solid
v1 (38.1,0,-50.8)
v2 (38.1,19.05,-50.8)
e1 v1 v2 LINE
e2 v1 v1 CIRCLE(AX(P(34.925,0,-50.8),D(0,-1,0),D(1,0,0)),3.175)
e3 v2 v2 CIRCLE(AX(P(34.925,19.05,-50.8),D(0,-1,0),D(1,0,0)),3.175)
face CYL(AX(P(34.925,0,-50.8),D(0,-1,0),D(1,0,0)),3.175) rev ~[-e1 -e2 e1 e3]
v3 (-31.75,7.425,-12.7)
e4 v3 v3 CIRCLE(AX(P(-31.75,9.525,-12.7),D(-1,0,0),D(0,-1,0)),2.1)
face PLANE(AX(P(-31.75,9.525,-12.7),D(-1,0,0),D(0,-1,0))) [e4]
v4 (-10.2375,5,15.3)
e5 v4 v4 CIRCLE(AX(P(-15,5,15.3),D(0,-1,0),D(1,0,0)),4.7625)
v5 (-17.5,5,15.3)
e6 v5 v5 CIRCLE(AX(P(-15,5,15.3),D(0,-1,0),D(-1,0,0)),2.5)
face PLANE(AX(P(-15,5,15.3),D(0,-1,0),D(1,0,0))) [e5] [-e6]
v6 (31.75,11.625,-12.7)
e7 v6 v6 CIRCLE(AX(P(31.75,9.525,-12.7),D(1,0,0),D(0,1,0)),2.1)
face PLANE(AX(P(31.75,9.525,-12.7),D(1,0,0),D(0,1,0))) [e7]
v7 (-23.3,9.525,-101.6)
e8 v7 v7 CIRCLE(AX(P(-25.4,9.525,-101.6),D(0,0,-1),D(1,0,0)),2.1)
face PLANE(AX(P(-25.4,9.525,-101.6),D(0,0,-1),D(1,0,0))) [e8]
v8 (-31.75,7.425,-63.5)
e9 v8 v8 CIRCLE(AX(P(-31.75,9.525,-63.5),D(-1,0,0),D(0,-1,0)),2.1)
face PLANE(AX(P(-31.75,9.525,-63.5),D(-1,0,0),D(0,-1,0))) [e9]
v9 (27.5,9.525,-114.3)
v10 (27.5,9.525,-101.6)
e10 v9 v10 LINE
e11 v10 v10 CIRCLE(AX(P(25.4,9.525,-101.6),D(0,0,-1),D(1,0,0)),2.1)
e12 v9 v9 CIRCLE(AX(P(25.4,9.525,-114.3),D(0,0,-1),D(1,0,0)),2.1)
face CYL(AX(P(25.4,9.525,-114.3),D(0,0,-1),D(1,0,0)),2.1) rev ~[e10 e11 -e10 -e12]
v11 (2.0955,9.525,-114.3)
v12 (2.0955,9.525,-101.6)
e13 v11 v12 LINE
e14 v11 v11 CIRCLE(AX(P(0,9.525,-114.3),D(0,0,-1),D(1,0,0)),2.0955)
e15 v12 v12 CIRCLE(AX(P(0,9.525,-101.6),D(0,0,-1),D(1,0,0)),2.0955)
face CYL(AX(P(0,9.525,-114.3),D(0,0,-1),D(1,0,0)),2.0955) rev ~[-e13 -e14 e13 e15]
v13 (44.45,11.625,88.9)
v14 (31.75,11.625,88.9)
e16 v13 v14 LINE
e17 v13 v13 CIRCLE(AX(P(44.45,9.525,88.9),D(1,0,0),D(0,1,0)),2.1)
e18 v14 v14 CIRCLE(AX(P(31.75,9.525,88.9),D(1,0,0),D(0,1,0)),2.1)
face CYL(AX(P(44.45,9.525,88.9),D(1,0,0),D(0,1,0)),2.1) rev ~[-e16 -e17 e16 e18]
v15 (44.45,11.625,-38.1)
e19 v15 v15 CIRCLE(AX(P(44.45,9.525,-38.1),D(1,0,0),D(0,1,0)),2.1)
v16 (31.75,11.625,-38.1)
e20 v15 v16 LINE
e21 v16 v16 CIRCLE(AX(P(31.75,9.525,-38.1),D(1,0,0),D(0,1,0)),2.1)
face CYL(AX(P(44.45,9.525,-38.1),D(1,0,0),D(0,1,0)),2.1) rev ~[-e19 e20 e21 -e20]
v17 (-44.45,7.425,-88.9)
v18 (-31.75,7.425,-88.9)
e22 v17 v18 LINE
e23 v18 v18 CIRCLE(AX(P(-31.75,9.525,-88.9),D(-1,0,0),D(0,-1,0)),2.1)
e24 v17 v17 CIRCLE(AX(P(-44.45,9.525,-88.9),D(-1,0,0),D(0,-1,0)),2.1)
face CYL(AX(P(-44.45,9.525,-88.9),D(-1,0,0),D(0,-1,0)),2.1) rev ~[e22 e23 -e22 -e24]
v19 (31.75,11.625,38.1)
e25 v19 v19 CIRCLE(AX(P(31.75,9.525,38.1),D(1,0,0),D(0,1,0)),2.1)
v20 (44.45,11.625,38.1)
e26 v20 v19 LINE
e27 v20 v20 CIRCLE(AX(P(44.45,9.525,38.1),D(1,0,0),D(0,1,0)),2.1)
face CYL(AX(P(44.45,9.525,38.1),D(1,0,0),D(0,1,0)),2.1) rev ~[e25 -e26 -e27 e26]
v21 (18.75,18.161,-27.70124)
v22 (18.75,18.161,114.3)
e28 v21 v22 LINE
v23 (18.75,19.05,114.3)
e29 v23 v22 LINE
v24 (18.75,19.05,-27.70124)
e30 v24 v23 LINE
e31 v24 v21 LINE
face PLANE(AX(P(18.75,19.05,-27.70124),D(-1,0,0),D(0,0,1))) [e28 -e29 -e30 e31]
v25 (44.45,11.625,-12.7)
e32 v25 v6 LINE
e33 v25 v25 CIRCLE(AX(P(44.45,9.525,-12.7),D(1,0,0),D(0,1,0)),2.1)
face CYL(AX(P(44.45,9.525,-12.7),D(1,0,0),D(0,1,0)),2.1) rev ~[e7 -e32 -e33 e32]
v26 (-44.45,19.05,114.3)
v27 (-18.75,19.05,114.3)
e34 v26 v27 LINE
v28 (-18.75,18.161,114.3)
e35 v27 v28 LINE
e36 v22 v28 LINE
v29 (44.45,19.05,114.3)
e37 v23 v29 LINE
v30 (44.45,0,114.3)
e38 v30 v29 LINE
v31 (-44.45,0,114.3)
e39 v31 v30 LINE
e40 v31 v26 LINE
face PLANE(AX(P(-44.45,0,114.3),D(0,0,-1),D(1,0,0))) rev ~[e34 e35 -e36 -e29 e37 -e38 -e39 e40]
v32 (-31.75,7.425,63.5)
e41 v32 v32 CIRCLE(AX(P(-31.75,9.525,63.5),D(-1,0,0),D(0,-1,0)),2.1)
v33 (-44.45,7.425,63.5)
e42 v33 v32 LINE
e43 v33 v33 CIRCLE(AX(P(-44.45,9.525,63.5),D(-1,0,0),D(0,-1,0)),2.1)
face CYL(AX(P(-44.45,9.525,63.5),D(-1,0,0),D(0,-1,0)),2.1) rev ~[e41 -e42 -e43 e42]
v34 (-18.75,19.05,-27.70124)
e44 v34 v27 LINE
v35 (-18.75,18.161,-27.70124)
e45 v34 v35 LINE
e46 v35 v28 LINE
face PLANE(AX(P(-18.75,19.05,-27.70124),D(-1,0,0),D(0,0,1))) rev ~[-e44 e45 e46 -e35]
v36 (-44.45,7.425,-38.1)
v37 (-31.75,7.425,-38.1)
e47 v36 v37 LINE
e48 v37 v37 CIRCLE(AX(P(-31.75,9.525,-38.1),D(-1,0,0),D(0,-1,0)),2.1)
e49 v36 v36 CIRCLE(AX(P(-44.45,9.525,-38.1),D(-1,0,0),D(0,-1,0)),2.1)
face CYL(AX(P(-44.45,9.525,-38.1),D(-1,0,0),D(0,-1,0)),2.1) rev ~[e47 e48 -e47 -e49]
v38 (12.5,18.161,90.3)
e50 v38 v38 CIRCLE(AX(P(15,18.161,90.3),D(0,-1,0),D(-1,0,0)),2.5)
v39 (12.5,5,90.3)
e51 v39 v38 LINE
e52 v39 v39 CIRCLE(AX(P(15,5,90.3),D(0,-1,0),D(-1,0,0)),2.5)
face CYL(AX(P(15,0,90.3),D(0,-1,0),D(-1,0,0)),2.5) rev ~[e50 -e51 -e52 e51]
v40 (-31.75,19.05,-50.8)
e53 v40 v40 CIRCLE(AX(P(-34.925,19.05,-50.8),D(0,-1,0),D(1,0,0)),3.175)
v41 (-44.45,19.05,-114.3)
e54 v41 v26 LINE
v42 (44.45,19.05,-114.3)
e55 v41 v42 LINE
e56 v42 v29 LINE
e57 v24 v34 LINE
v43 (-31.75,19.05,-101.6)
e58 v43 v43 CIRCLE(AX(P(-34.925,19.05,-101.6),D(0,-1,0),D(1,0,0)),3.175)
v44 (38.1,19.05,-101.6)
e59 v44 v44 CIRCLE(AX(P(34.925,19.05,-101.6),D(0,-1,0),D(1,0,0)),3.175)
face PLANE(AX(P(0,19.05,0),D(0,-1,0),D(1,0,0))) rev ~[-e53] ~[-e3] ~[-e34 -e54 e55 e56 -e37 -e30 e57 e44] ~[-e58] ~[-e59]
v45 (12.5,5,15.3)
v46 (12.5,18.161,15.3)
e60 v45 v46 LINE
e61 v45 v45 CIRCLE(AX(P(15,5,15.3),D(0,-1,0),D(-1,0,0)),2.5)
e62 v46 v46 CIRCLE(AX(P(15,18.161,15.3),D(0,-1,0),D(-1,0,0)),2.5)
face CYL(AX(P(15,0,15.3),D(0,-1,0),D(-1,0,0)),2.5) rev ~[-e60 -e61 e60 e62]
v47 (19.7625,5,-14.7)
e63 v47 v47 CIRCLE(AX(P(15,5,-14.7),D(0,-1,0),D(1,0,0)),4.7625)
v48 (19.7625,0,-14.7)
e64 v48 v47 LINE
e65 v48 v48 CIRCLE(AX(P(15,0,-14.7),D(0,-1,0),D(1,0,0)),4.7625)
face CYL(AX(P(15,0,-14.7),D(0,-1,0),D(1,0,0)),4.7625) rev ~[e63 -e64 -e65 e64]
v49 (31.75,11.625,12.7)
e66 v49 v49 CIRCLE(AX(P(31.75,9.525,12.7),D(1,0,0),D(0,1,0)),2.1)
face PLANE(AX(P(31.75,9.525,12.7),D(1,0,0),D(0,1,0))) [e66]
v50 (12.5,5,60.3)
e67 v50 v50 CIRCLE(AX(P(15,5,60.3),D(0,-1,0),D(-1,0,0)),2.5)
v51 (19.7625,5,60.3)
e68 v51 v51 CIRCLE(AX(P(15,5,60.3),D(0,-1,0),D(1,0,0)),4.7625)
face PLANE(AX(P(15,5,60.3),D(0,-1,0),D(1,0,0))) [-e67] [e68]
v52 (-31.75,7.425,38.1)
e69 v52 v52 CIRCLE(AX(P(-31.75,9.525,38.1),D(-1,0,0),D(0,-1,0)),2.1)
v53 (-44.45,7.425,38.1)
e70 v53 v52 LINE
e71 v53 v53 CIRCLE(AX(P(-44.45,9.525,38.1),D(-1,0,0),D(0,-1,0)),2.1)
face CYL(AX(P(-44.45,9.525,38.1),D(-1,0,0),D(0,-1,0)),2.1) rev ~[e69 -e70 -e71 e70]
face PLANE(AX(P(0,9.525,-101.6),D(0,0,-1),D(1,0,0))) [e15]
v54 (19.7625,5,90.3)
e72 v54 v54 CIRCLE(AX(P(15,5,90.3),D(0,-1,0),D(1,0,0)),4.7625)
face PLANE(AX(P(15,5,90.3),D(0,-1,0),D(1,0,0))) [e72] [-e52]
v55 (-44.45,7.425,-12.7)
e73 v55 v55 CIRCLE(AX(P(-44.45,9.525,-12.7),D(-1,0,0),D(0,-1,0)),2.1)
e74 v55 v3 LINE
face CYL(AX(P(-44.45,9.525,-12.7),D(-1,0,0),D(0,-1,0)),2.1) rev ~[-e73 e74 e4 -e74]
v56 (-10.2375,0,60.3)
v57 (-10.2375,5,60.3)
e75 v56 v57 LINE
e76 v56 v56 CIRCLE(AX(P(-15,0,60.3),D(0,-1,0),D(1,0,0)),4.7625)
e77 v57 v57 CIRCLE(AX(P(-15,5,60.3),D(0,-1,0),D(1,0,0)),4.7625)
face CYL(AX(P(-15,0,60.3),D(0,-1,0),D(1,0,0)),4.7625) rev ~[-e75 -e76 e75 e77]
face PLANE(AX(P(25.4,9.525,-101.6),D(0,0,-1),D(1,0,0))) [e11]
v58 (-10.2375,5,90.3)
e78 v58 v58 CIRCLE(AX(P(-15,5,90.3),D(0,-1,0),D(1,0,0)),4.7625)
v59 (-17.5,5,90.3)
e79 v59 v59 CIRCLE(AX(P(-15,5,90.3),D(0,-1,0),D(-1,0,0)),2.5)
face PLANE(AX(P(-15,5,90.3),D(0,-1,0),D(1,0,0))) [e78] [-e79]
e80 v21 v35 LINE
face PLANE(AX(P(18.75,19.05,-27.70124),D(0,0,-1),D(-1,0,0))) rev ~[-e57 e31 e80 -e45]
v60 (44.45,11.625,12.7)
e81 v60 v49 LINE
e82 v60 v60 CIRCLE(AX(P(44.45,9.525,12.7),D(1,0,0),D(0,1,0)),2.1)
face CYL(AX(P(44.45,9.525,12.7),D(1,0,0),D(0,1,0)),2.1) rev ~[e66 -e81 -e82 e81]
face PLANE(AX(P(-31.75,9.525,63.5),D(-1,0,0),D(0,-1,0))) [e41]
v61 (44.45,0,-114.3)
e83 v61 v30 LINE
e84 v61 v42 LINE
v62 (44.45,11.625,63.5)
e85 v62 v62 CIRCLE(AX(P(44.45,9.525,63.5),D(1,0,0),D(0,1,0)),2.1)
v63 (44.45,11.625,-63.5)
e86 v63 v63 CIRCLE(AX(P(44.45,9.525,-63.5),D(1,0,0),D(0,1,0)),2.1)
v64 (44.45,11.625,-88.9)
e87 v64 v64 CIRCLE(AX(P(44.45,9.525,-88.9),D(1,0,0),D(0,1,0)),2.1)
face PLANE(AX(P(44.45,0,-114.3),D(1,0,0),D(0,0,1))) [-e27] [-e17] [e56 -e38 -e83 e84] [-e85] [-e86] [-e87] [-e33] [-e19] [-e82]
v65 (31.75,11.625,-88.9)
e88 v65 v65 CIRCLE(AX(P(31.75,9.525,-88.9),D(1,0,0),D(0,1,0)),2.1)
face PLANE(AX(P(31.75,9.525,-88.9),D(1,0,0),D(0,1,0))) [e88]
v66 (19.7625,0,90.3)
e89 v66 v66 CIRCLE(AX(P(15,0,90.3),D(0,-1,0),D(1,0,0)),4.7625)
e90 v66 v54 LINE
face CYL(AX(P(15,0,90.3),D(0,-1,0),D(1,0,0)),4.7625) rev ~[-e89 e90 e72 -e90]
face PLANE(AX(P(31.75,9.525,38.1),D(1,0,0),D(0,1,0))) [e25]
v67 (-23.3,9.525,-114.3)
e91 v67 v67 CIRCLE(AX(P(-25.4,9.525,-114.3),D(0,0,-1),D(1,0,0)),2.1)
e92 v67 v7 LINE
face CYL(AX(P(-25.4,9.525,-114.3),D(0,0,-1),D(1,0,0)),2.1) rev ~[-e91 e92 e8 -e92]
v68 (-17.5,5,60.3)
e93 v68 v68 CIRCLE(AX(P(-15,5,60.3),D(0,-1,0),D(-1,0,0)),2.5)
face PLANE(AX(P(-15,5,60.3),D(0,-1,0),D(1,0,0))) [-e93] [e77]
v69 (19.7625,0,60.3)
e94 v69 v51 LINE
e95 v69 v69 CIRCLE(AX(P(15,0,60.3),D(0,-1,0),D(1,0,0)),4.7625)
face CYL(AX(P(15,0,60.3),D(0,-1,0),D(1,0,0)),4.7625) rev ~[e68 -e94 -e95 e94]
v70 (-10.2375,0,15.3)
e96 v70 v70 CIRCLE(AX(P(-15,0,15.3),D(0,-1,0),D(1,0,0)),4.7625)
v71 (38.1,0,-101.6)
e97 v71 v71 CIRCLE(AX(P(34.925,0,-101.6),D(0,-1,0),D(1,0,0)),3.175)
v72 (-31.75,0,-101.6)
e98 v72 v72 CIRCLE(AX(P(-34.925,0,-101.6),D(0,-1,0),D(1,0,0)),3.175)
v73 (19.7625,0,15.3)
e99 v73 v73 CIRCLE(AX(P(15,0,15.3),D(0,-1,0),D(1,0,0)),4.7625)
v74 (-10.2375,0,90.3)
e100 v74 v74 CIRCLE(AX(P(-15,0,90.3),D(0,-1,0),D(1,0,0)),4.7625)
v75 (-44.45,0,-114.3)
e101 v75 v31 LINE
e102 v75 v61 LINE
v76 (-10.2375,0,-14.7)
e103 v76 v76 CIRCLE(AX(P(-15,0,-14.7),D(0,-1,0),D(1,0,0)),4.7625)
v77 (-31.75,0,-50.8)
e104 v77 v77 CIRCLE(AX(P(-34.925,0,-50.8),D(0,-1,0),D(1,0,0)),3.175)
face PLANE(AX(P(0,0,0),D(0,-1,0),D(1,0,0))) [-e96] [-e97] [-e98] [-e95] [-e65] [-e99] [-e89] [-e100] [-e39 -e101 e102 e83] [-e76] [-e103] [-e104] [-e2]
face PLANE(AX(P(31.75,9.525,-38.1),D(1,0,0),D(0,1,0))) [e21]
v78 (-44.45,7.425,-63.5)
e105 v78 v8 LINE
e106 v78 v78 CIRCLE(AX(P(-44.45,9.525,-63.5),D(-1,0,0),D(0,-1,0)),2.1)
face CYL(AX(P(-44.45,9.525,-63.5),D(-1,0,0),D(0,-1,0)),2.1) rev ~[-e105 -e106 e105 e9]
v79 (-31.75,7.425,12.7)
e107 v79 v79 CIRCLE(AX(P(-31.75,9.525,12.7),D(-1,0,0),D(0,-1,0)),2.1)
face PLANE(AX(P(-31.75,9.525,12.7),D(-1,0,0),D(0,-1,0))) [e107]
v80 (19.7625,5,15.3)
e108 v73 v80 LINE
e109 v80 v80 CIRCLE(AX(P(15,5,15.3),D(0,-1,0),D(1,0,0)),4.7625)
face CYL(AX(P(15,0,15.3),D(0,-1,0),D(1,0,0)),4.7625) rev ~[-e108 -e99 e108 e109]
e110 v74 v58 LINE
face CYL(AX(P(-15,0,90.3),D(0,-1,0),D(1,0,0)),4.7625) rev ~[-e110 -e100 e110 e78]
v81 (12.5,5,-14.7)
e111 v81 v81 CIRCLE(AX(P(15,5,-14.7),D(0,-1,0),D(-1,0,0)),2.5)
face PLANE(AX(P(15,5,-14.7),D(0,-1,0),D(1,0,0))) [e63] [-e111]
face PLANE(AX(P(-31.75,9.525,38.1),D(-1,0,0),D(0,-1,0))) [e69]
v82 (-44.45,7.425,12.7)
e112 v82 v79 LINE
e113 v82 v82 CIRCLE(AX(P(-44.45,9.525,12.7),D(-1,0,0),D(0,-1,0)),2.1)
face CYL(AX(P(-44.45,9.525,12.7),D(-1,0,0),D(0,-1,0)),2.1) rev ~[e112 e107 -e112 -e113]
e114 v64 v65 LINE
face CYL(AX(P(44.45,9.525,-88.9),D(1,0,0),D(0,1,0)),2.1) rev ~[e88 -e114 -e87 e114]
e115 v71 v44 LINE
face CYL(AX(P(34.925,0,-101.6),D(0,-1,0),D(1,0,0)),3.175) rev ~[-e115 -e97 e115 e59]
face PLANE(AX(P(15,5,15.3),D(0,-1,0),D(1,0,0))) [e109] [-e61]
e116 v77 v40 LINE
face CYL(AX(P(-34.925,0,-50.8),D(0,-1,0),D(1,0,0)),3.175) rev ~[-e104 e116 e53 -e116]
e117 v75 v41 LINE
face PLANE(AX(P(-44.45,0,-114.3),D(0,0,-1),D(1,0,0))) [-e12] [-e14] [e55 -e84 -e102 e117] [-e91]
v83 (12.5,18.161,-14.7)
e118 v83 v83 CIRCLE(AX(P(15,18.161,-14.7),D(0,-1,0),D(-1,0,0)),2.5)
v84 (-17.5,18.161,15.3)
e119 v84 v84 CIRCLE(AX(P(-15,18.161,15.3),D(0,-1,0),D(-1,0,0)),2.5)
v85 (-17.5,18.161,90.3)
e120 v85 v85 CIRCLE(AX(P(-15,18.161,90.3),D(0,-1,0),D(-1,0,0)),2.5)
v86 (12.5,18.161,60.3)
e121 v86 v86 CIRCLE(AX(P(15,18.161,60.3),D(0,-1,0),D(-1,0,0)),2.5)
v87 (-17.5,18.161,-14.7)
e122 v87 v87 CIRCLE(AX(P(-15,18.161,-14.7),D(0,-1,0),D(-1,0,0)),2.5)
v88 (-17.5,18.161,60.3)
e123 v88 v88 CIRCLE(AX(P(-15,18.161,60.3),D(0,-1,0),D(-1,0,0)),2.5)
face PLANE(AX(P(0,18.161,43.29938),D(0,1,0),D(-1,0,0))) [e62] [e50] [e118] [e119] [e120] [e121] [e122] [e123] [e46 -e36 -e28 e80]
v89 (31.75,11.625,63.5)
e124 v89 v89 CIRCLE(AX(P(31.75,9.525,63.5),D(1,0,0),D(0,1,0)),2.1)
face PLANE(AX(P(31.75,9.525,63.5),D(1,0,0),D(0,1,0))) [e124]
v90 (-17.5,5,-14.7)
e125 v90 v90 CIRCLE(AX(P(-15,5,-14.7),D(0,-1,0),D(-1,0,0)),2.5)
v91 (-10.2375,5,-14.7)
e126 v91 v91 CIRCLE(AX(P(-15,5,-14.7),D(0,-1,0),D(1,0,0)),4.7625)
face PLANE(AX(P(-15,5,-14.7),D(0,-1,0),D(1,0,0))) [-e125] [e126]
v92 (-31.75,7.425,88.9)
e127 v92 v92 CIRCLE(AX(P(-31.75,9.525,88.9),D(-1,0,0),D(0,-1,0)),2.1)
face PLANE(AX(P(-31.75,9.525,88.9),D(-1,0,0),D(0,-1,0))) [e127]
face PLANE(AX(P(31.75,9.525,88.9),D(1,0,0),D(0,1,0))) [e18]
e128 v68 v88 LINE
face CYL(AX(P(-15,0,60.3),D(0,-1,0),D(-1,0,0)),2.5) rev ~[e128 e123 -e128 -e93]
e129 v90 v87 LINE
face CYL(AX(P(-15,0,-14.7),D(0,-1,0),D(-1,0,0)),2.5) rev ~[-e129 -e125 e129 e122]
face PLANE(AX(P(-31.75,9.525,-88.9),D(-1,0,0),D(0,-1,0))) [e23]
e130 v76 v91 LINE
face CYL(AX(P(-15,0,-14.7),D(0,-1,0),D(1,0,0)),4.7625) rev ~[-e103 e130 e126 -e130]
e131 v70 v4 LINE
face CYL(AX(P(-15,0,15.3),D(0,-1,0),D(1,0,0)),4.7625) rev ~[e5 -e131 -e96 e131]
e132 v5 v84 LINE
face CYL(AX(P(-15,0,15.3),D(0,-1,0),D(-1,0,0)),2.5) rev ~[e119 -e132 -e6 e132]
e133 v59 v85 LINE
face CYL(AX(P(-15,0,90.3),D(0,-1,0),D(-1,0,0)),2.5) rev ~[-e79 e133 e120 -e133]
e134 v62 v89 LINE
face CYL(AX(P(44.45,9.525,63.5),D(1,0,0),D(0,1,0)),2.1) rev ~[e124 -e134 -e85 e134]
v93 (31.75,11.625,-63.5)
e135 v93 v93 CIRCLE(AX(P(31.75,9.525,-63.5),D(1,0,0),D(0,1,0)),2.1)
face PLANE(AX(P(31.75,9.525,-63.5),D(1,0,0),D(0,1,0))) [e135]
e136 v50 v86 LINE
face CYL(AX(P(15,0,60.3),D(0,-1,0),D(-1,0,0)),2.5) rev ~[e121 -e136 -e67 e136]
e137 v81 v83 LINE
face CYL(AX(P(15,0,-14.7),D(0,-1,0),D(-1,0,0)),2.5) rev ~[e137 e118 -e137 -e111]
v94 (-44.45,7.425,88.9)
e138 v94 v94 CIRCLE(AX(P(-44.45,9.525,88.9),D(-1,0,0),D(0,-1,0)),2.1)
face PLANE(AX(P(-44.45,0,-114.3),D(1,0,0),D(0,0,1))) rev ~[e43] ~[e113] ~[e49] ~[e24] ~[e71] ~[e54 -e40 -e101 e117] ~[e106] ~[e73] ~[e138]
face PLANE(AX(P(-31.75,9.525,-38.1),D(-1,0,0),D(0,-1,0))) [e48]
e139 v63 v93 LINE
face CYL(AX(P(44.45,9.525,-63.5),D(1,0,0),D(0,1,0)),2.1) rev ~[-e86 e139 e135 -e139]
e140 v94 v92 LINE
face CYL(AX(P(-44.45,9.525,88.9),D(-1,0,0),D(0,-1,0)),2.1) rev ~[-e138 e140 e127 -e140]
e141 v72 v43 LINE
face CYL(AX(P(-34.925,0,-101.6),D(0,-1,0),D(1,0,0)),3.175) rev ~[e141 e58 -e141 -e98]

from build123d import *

# Parameters (mm, degrees)
F0_W      = 88.9
F0_H      = 228.6
F1_DEPTH  = 19.05
F3_DEPTH  = 19.051
F4_R      = 4.7625
F5_DEPTH  = 5
F6_R      = 2.1
F7_DEPTH  = 12.7
F8_R      = 2.1
F9_DEPTH  = 12.7
F10_R     = 2.1
F10_R_2   = 2.0955
F11_DEPTH = 12.7
F12_W     = 37.5
F12_H     = 142.00124
F13_DEPTH = 0.889
F14_R     = 3.175
F15_DEPTH = 19.051


with BuildPart() as f1:
    # F0 (on Front) → F1 (new body)
    with BuildSketch(Plane.XZ):
        Rectangle(F0_W, F0_H)
    extrude(amount=-F1_DEPTH)

    # F2 (on face) → F3 (cut, through all)
    with BuildSketch(Plane.XZ):
        with BuildLine():
            ThreePointArc((-12.5, 90.3), (-15, 92.8), (-17.5, 90.3))
            Line((-17.5, 90.3), (-12.5, 90.3))
        make_face()
        with BuildLine():
            ThreePointArc((17.5, 90.3), (15, 92.8), (12.5, 90.3))
            Line((12.5, 90.3), (17.5, 90.3))
        make_face()
        with BuildLine():
            Line((17.5, 90.3), (12.5, 90.3))
            ThreePointArc((12.5, 90.3), (15, 87.8), (17.5, 90.3))
        make_face()
        with BuildLine():
            Line((-12.5, 90.3), (-17.5, 90.3))
            ThreePointArc((-17.5, 90.3), (-15, 87.8), (-12.5, 90.3))
        make_face()
        with BuildLine():
            ThreePointArc((-12.5, 60.3), (-15, 62.8), (-17.5, 60.3))
            Line((-17.5, 60.3), (-12.5, 60.3))
        make_face()
        with BuildLine():
            ThreePointArc((17.5, 60.3), (15, 62.8), (12.5, 60.3))
            Line((12.5, 60.3), (17.5, 60.3))
        make_face()
        with BuildLine():
            Line((17.5, 60.3), (12.5, 60.3))
            ThreePointArc((12.5, 60.3), (15, 57.8), (17.5, 60.3))
        make_face()
        with BuildLine():
            Line((-12.5, 60.3), (-17.5, 60.3))
            ThreePointArc((-17.5, 60.3), (-15, 57.8), (-12.5, 60.3))
        make_face()
        with BuildLine():
            ThreePointArc((-12.5, 15.3), (-15, 17.8), (-17.5, 15.3))
            Line((-17.5, 15.3), (-12.5, 15.3))
        make_face()
        with BuildLine():
            ThreePointArc((17.5, 15.3), (15, 17.8), (12.5, 15.3))
            Line((12.5, 15.3), (17.5, 15.3))
        make_face()
        with BuildLine():
            Line((17.5, 15.3), (12.5, 15.3))
            ThreePointArc((12.5, 15.3), (15, 12.8), (17.5, 15.3))
        make_face()
        with BuildLine():
            Line((-12.5, 15.3), (-17.5, 15.3))
            ThreePointArc((-17.5, 15.3), (-15, 12.8), (-12.5, 15.3))
        make_face()
        with BuildLine():
            ThreePointArc((-12.5, -14.7), (-15, -12.2), (-17.5, -14.7))
            Line((-17.5, -14.7), (-12.5, -14.7))
        make_face()
        with BuildLine():
            ThreePointArc((17.5, -14.7), (15, -12.2), (12.5, -14.7))
            Line((12.5, -14.7), (17.5, -14.7))
        make_face()
        with BuildLine():
            Line((17.5, -14.7), (12.5, -14.7))
            ThreePointArc((12.5, -14.7), (15, -17.2), (17.5, -14.7))
        make_face()
        with BuildLine():
            Line((-12.5, -14.7), (-17.5, -14.7))
            ThreePointArc((-17.5, -14.7), (-15, -17.2), (-12.5, -14.7))
        make_face()
    extrude(amount=-F3_DEPTH, mode=Mode.SUBTRACT)

    # F4 (on face) → F5 (cut)
    with BuildSketch(Plane.XZ):
        with Locations((-15, -14.7)):
            Circle(F4_R)
        with Locations((15, -14.7)):
            Circle(F4_R)
        with Locations((15, 15.3)):
            Circle(F4_R)
        with Locations((-15, 15.3)):
            Circle(F4_R)
        with Locations((-15, 60.3)):
            Circle(F4_R)
        with Locations((15, 60.3)):
            Circle(F4_R)
        with Locations((-15, 90.3)):
            Circle(F4_R)
        with Locations((15, 90.3)):
            Circle(F4_R)
    extrude(amount=-F5_DEPTH, mode=Mode.SUBTRACT)

    # F6 (on face) → F7 (cut)
    with BuildSketch(Plane(origin=(-44.45, 0, 0), x_dir=(0, -1, 0), z_dir=(-1, 0, 0))):
        with Locations((-9.525, 88.9)):
            Circle(F6_R)
        with Locations((-9.525, 63.5)):
            Circle(F6_R)
        with Locations((-9.525, 38.1)):
            Circle(F6_R)
        with Locations((-9.525, 12.7)):
            Circle(F6_R)
        with Locations((-9.525, -12.7)):
            Circle(F6_R)
        with Locations((-9.525, -38.1)):
            Circle(F6_R)
        with Locations((-9.525, -63.5)):
            Circle(F6_R)
        with Locations((-9.525, -88.9)):
            Circle(F6_R)
    extrude(amount=-F7_DEPTH, mode=Mode.SUBTRACT)

    # F8 (on face) → F9 (cut)
    with BuildSketch(Plane.YZ.offset(44.45)):
        with Locations((9.525, 88.9)):
            Circle(F8_R)
        with Locations((9.525, 63.5)):
            Circle(F8_R)
        with Locations((9.525, 38.1)):
            Circle(F8_R)
        with Locations((9.525, 12.7)):
            Circle(F8_R)
        with Locations((9.525, -63.5)):
            Circle(F8_R)
        with Locations((9.525, -12.7)):
            Circle(F8_R)
        with Locations((9.525, -38.1)):
            Circle(F8_R)
        with Locations((9.525, -88.9)):
            Circle(F8_R)
    extrude(amount=-F9_DEPTH, mode=Mode.SUBTRACT)

    # F10 (on face) → F11 (cut)
    with BuildSketch(Plane(origin=(0, 0, -114.3), x_dir=(1, 0, 0), z_dir=(0, 0, -1))):
        with Locations((-25.4, -9.525)):
            Circle(F10_R)
        with Locations((25.4, -9.525)):
            Circle(F10_R)
        with Locations((0, -9.525)):
            Circle(F10_R_2)
    extrude(amount=-F11_DEPTH, mode=Mode.SUBTRACT)

    # F12 (on face) → F13 (cut)
    with BuildSketch(Plane(origin=(0, 19.05, 0), x_dir=(-1, 0, 0), z_dir=(0, 1, 0))):
        with Locations((0, 43.29938)):
            Rectangle(F12_W, F12_H)
    extrude(amount=-F13_DEPTH, mode=Mode.SUBTRACT)

    # F14 (on face) → F15 (cut, through all)
    with BuildSketch(Plane.XZ):
        with Locations((-34.925, -50.8)):
            Circle(F14_R)
        with Locations((-34.925, -101.6)):
            Circle(F14_R)
        with Locations((34.925, -50.8)):
            Circle(F14_R)
        with Locations((34.925, -101.6)):
            Circle(F14_R)
    extrude(amount=-F15_DEPTH, mode=Mode.SUBTRACT)


solid = f1.part
